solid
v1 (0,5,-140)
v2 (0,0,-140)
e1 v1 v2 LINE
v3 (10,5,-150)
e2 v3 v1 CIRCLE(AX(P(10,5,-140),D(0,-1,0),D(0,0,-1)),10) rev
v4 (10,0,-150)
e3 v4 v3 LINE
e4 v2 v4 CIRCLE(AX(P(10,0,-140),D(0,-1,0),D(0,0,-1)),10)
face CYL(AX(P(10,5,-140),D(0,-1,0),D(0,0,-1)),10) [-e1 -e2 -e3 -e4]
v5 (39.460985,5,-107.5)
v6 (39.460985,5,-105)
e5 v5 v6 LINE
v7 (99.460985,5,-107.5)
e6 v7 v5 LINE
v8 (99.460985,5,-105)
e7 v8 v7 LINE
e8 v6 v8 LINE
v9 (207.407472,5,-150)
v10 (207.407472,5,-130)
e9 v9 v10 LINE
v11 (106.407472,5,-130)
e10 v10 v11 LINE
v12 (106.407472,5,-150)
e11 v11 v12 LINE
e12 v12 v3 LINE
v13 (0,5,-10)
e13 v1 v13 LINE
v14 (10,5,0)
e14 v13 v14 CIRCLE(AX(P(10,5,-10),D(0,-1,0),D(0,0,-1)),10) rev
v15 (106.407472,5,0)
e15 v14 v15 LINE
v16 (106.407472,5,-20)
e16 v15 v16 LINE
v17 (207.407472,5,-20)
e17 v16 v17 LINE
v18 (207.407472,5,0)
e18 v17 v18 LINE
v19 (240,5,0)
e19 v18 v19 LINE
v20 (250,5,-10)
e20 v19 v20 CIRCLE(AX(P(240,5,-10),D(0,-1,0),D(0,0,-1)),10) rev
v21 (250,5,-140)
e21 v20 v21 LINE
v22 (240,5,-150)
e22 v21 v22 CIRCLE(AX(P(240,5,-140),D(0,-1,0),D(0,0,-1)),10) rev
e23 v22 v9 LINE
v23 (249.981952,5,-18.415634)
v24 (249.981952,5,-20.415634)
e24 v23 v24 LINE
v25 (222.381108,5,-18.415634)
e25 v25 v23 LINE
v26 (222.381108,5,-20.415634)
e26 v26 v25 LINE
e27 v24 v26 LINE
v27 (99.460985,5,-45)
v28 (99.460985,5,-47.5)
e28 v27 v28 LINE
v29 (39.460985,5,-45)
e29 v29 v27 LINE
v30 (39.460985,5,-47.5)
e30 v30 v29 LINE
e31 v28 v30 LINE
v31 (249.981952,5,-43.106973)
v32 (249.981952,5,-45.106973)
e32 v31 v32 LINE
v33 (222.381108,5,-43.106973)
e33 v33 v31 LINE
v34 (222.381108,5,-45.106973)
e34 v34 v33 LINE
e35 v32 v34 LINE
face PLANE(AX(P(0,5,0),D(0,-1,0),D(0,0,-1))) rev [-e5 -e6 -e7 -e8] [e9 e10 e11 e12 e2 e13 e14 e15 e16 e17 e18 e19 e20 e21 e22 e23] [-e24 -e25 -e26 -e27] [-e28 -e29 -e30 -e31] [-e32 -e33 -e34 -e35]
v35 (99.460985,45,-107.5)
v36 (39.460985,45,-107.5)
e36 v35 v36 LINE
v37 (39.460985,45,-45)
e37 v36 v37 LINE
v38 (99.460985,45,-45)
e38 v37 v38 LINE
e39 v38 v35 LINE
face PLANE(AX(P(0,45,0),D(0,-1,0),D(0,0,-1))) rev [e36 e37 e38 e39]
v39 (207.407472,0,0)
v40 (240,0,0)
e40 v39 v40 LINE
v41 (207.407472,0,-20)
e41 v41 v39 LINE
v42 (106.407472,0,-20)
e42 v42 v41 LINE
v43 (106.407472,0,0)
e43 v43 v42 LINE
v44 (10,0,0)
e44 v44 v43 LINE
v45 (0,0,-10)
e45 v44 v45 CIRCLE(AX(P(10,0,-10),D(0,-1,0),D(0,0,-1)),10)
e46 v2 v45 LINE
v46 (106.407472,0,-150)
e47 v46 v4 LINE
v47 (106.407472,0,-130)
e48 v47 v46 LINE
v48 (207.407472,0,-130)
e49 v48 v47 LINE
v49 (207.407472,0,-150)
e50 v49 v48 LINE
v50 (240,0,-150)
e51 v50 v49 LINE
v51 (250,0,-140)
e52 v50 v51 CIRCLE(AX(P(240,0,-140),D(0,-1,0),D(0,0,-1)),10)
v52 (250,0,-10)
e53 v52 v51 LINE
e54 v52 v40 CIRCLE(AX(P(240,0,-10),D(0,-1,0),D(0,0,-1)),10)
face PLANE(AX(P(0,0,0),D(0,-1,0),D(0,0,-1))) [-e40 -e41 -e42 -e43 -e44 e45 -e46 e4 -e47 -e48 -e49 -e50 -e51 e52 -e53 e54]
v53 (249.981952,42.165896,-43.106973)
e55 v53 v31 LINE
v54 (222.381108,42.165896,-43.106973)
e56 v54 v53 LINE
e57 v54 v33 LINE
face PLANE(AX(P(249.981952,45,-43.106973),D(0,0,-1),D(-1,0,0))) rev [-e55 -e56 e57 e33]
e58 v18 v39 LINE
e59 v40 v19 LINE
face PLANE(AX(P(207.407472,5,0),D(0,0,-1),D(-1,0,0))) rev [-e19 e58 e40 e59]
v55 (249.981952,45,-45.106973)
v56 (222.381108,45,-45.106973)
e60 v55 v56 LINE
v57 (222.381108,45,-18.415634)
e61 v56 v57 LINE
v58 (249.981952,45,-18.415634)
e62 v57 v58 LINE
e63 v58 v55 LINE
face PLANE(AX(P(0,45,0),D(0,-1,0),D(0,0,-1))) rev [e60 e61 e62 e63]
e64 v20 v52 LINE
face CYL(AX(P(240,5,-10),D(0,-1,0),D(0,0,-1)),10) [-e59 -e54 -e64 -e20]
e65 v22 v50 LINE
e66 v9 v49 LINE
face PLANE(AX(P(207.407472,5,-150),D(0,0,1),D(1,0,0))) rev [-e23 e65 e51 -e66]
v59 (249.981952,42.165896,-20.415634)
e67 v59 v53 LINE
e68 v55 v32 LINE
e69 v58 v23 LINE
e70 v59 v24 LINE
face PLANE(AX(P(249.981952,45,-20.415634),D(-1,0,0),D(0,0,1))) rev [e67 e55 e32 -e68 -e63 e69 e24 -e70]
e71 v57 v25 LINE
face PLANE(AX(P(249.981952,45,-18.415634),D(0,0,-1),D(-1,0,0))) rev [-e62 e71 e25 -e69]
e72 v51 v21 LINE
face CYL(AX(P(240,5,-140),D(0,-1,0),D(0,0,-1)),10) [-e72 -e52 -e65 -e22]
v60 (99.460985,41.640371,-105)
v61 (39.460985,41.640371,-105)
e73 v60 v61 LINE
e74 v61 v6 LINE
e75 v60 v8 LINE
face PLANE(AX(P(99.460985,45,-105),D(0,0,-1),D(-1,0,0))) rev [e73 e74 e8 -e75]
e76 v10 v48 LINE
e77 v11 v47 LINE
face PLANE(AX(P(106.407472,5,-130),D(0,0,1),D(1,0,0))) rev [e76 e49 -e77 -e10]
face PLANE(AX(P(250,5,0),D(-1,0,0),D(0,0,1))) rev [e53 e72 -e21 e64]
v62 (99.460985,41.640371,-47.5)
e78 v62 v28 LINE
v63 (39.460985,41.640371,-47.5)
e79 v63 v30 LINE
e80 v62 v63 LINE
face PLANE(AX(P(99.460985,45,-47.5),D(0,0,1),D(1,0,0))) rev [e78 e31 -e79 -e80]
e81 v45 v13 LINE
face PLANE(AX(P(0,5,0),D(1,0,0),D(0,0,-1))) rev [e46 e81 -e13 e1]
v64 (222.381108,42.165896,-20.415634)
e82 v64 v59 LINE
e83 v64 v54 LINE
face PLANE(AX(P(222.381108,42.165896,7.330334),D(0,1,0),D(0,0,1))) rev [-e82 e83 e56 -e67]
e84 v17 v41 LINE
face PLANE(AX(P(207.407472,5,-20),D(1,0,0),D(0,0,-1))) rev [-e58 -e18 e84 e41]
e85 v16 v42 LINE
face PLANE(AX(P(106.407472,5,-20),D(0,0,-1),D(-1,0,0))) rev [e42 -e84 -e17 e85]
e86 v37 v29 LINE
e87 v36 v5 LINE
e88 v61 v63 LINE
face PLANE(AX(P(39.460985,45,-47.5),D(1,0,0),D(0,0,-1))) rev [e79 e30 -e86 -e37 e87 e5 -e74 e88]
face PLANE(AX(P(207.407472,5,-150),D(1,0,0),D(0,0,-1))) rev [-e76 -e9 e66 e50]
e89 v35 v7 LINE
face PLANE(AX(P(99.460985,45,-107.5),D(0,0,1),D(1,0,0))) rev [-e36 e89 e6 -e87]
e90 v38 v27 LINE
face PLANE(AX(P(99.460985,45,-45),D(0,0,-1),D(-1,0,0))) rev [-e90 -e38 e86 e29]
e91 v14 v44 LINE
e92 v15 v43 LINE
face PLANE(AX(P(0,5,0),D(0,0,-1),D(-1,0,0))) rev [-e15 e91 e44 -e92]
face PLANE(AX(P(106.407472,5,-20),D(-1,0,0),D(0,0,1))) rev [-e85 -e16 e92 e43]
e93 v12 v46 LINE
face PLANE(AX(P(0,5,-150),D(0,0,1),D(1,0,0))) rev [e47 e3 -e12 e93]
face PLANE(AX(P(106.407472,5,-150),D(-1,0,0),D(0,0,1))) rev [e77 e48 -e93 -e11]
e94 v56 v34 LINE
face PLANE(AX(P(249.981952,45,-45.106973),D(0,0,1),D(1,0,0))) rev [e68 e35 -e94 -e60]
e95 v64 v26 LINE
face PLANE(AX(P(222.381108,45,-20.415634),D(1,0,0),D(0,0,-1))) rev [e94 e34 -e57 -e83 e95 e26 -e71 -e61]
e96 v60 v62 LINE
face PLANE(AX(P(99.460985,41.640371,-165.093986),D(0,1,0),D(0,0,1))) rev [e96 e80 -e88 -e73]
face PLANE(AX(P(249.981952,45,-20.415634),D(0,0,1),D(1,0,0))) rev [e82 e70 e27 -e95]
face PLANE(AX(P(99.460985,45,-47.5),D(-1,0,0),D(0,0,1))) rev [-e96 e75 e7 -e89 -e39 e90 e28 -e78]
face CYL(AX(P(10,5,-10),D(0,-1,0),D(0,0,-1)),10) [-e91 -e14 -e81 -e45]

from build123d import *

# Parameters (mm, degrees)
BOSS_EXTRUDE1_DEPTH = 5
SKETCH2_W           = 27.600843984
SKETCH2_H           = 2
SKETCH2_W_2         = 60
SKETCH2_H_2         = 2.5
BOSS_EXTRUDE2_DEPTH = 40
SKETCH4_W           = 27.600843984
SKETCH4_H           = 2.834104075
BOSS_EXTRUDE4_DEPTH = 22.691339628
SKETCH5_W           = 60
SKETCH5_H           = 3.359629359
BOSS_EXTRUDE5_DEPTH = 57.5
FILLET1_R           = 10


with BuildPart() as part:
    # Sketch1 → Boss-Extrude1 (new body)
    with BuildSketch(Plane(origin=(0, 0, 0), x_dir=(1, 0, 0), z_dir=(0, 1, 0))):
        Polygon((106.407471576, 20), (207.407471576, 20), (207.407471576, 0), (250, 0), (250, 150), (207.407471576, 150), (207.407471576, 130), (106.407471576, 130), (106.407471576, 150), (0, 150), (0, 0), (106.407471576, 0), align=None)
    extrude(amount=BOSS_EXTRUDE1_DEPTH)

    # Sketch2 → Boss-Extrude2 (add)
    with BuildSketch(Plane(origin=(0, 5, 0), x_dir=(1, 0, 0), z_dir=(0, 1, 0))):
        with Locations((236.181530472, 44.106973221)):
            Rectangle(SKETCH2_W, SKETCH2_H)
        with Locations((236.181530472, 19.415633593)):
            Rectangle(SKETCH2_W, SKETCH2_H)
        with Locations((69.460984605, 106.25)):
            Rectangle(SKETCH2_W_2, SKETCH2_H_2)
        with Locations((69.460984605, 46.25)):
            Rectangle(SKETCH2_W_2, SKETCH2_H_2)
    extrude(amount=BOSS_EXTRUDE2_DEPTH)

    # Sketch4 → Boss-Extrude4 (add)
    with BuildSketch(Plane.XY.offset(-43.106973221)):
        with Locations((236.181530472, 43.582947963)):
            Rectangle(SKETCH4_W, SKETCH4_H)
    extrude(amount=BOSS_EXTRUDE4_DEPTH)

    # Sketch5 → Boss-Extrude5 (add)
    with BuildSketch(Plane(origin=(0, 0, -47.5), x_dir=(-1, 0, 0), z_dir=(0, 0, -1))):
        with Locations((-69.460984605, 43.320185321)):
            Rectangle(SKETCH5_W, SKETCH5_H)
    extrude(amount=BOSS_EXTRUDE5_DEPTH)

    # Fillet1
    fillet1_edges = [part.edges().sort_by_distance(p)[0] for p in [
        (0, 2.5, -150),
        (250, 2.5, -150),
        (250, 2.5, 0),
        (0, 2.5, 0),
    ]]
    fillet(fillet1_edges, radius=FILLET1_R)


solid = part.part
